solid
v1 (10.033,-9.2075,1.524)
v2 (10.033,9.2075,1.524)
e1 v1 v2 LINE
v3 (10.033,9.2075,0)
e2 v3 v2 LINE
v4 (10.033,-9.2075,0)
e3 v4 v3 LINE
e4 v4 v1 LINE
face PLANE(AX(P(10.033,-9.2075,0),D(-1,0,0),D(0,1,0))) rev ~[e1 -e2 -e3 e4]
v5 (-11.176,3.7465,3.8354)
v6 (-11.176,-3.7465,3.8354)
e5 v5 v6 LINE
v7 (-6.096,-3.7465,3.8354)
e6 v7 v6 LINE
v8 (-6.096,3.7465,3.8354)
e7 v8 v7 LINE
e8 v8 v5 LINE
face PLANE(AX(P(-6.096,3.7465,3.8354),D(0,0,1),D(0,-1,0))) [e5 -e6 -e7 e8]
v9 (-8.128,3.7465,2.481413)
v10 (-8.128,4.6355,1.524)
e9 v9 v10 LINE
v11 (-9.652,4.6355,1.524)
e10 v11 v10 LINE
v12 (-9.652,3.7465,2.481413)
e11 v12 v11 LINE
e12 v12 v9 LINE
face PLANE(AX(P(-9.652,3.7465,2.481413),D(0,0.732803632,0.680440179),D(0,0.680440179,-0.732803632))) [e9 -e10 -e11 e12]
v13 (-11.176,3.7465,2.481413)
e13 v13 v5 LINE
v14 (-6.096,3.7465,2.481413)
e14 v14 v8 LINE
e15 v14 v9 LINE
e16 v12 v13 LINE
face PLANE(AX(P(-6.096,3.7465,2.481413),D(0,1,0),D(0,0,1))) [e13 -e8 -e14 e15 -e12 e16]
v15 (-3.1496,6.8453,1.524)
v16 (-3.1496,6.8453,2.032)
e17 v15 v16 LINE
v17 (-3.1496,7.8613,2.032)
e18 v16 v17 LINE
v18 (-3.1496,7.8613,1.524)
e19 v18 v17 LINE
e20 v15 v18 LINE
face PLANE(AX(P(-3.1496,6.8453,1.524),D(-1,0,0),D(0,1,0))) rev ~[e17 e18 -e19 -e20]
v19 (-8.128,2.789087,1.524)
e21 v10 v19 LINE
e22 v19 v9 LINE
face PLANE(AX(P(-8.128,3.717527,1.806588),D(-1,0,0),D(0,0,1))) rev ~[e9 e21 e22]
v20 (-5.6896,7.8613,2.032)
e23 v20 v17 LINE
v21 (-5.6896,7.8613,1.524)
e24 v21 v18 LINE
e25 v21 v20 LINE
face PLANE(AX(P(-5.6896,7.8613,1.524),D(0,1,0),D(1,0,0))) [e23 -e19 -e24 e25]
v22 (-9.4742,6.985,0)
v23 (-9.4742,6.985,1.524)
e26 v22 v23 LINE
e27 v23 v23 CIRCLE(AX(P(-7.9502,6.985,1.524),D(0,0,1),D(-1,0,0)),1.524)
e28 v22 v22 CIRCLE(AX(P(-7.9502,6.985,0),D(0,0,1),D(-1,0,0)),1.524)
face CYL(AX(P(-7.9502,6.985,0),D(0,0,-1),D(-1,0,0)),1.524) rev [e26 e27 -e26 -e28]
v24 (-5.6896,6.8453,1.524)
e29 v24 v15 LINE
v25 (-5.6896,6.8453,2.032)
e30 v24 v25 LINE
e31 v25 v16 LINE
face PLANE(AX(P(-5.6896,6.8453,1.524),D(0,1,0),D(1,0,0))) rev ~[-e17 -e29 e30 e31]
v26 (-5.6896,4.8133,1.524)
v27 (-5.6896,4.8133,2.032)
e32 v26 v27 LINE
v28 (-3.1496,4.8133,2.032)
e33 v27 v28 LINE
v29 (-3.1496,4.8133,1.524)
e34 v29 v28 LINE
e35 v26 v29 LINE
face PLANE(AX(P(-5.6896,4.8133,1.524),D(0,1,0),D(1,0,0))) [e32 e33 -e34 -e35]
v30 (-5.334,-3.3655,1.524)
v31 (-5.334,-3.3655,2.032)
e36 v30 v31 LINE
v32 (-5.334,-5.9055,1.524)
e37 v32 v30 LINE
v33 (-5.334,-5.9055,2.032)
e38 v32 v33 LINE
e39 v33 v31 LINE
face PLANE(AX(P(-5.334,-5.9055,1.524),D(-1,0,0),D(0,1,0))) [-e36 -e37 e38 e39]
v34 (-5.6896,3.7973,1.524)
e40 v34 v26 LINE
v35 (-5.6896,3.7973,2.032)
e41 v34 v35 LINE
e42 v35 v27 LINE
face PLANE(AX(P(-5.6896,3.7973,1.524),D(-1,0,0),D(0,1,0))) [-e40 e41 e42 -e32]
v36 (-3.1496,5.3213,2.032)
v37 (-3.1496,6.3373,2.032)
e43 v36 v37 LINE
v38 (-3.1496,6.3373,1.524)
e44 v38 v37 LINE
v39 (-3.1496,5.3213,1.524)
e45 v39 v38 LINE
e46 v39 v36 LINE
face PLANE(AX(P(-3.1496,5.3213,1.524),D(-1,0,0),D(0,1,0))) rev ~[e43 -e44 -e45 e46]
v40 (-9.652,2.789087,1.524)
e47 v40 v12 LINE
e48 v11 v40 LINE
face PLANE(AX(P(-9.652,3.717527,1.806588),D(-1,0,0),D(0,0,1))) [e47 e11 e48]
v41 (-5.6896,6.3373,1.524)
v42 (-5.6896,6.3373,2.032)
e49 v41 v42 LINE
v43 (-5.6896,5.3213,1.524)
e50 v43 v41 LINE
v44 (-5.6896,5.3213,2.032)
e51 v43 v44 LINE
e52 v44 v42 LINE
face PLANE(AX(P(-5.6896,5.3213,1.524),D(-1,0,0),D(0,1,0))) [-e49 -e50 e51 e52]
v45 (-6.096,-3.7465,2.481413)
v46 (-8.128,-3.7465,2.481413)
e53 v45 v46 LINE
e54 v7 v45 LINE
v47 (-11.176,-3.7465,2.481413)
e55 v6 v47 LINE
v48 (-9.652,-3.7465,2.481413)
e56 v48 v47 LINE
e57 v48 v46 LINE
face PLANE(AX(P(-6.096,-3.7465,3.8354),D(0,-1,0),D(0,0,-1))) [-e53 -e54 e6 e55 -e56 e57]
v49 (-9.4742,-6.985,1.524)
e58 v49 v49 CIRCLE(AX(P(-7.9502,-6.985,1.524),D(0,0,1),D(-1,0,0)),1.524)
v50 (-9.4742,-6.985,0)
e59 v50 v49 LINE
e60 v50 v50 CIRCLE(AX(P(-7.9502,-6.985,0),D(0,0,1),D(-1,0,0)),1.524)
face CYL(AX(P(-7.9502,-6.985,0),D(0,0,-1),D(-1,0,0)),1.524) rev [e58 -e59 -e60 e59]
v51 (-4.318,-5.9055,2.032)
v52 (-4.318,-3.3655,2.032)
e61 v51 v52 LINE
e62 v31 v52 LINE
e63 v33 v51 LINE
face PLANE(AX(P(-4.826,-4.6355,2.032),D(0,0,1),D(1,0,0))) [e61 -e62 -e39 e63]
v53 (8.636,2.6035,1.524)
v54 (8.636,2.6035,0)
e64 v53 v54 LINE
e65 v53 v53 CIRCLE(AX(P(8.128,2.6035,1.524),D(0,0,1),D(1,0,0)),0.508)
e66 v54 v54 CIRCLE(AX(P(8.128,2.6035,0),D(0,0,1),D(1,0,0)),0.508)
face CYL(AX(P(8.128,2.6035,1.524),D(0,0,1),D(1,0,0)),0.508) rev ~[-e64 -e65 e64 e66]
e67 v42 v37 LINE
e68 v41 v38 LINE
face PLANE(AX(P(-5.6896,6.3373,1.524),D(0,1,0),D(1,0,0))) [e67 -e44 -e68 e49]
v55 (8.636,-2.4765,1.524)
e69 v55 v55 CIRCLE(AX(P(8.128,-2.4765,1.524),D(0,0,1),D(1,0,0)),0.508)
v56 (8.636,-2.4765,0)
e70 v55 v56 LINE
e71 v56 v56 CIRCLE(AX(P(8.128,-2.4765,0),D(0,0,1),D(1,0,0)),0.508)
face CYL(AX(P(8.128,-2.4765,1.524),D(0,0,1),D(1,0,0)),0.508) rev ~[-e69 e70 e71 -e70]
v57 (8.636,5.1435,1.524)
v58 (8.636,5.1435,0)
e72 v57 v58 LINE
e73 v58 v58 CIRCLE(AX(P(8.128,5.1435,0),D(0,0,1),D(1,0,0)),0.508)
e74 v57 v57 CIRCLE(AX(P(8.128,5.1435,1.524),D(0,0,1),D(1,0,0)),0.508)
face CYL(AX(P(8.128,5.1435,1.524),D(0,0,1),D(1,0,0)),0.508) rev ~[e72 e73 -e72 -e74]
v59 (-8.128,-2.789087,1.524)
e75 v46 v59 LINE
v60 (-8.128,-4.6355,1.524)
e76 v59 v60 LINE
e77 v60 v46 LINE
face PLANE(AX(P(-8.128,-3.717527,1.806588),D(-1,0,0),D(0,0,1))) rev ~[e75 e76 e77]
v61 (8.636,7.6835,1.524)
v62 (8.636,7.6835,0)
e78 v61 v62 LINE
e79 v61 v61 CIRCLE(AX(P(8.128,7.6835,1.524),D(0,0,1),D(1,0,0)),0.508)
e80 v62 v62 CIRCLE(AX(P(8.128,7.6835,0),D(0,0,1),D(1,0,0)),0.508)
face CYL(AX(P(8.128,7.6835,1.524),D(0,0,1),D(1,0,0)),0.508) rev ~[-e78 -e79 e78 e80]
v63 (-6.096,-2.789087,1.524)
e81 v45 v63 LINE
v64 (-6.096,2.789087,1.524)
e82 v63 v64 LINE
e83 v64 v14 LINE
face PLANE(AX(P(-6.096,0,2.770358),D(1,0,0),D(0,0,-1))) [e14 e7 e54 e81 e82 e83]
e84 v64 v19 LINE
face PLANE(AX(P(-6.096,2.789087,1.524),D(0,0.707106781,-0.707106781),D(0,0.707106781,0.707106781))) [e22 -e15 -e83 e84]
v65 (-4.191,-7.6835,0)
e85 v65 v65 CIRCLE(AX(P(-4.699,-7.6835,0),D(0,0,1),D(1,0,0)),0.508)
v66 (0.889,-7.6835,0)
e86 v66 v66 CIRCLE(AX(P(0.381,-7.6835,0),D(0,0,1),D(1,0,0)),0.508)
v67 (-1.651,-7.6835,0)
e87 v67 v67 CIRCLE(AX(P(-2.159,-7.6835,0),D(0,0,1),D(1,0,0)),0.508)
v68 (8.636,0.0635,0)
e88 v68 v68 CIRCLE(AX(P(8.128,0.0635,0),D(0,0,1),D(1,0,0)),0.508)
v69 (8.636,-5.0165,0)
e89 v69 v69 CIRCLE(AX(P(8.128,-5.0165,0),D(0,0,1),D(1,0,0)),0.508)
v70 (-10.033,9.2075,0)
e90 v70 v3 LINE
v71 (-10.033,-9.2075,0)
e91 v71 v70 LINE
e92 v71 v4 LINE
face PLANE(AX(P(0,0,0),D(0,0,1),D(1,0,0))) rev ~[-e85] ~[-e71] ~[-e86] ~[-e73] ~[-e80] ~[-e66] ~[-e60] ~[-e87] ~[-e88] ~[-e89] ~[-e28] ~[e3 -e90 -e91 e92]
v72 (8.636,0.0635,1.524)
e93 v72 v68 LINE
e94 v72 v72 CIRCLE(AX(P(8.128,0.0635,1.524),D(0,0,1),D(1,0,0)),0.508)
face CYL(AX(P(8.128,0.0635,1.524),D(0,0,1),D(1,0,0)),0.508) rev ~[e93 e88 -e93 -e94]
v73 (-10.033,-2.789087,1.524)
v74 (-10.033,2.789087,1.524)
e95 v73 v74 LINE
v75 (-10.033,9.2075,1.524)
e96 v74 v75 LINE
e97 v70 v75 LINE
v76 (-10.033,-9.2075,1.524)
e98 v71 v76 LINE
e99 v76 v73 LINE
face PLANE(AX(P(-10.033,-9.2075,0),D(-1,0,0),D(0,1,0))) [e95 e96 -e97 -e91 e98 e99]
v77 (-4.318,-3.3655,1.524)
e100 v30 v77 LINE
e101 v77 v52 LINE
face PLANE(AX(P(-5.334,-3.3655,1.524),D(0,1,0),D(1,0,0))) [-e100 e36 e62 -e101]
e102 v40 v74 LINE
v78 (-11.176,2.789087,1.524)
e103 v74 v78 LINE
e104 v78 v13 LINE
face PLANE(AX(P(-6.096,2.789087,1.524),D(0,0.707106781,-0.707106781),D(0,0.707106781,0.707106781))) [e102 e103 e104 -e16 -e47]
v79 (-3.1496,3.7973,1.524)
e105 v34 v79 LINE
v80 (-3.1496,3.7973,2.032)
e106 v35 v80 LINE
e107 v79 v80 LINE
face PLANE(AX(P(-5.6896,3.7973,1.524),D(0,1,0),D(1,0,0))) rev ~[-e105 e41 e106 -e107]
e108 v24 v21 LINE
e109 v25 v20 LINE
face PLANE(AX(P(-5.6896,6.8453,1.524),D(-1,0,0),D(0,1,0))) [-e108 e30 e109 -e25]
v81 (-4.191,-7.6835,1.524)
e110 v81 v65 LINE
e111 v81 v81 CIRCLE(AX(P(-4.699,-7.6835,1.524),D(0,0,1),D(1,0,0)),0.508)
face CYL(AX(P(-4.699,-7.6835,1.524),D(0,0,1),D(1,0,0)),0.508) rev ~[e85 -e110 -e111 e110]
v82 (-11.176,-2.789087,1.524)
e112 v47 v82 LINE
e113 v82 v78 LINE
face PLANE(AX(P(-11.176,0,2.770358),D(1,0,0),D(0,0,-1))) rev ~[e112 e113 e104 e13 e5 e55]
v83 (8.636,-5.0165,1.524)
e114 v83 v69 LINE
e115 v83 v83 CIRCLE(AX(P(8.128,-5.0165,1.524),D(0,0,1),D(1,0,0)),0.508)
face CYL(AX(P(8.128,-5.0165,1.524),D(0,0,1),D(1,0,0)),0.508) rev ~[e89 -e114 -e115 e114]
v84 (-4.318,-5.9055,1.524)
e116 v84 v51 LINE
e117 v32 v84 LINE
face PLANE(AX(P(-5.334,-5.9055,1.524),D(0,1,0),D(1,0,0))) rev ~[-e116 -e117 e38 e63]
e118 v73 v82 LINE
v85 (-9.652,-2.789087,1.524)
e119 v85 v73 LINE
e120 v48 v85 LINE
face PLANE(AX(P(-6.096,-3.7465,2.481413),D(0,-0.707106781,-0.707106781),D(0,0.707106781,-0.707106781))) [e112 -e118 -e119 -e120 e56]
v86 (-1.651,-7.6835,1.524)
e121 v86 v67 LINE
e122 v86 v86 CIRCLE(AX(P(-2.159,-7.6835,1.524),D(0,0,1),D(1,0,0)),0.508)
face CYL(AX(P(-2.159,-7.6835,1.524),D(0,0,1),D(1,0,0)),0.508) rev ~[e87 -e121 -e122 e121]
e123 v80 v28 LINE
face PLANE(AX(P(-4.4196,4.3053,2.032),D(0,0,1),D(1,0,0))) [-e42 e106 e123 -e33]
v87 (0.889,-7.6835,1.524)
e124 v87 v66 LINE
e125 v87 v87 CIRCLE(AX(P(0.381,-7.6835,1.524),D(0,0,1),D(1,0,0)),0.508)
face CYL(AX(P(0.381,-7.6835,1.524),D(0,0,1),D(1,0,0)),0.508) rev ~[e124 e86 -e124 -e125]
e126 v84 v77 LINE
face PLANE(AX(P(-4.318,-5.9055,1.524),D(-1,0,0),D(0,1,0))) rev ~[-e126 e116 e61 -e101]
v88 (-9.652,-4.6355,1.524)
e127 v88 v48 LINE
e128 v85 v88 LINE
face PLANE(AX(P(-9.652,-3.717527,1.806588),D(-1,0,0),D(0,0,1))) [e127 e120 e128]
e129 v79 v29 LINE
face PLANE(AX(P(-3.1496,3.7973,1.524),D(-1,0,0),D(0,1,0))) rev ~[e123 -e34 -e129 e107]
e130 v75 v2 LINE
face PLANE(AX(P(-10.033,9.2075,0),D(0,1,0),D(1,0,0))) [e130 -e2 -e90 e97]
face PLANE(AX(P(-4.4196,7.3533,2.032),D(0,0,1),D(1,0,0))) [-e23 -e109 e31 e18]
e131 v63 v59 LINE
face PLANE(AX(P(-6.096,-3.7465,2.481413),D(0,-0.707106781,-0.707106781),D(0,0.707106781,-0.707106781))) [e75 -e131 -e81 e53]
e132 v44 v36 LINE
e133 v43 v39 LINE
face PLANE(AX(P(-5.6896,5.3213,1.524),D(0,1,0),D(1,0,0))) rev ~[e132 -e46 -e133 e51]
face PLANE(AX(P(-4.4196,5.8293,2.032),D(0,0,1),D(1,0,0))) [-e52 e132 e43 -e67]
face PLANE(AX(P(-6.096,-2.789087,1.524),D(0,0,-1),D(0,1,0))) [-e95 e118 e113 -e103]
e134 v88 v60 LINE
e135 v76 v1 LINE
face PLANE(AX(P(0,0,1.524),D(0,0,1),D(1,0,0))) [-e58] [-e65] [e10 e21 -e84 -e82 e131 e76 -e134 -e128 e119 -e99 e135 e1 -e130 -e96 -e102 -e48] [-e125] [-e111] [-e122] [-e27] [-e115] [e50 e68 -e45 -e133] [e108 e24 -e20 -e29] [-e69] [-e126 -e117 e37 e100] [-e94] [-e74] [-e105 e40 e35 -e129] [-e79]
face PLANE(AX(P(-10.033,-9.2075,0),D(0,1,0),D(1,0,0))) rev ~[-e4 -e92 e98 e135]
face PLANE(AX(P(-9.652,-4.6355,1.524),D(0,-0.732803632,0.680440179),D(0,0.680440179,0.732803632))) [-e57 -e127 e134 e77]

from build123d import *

# Parameters (mm, degrees)
SKETCH1_W           = 20.066
SKETCH1_H           = 18.415
SKETCH1_R           = 1.524
EXTRUDE1_DEPTH      = 1.524
EXTRUDE2_DEPTH      = 1.143
EXTRUDE2_DEPTH_BACK = 3.937
SKETCH3_R           = 0.508
EXTRUDE3_DEPTH      = 15.663683105
LPATTERN1_COUNT     = 6
LPATTERN1_PITCH     = 2.54
SKETCH4_R           = 0.508
EXTRUDE4_DEPTH      = 15.663683105
LPATTERN2_COUNT     = 3
LPATTERN2_PITCH     = 2.54
SKETCH5_W           = 2.54
SKETCH5_H           = 1.016
SKETCH5_W_2         = 1.016
SKETCH5_H_2         = 2.54
KEEPAWAY_DEPTH      = 0.508
EXTRUDE6_START      = -1.524
EXTRUDE6_DEPTH      = 1.524


with BuildPart() as part:
    # Sketch1 → Extrude1 (new body)
    with BuildSketch(Plane.XY):
        Rectangle(SKETCH1_W, SKETCH1_H)
        with Locations(Location((-7.9502, 6.985, 0), (0, 0, 180))):
            Circle(SKETCH1_R, mode=Mode.SUBTRACT)
        with Locations(Location((-7.9502, -6.985, 0), (0, 0, 180))):
            Circle(SKETCH1_R, mode=Mode.SUBTRACT)
    extrude(amount=EXTRUDE1_DEPTH)

    # Sketch2 → Extrude2 (add, two sides: drawn at the far end of the back side and taken through both)
    with BuildSketch(Plane.ZY.offset(10.033).offset(-EXTRUDE2_DEPTH_BACK)):
        Polygon((3.8354, 3.7465), (3.8354, -3.7465), (2.481413228, -3.7465), (1.524, -2.789086772), (1.524, 2.789086772), (2.481413228, 3.7465), align=None)
    extrude(amount=EXTRUDE2_DEPTH + EXTRUDE2_DEPTH_BACK)

    # Sketch3 → Extrude3 (cut, through all)
    with BuildSketch(Plane.XY.offset(1.524)):
        with Locations((8.128, 7.6835)):
            Circle(SKETCH3_R)
    extrude3 = extrude(amount=-EXTRUDE3_DEPTH, mode=Mode.SUBTRACT)

    # LPattern1: Extrude3 ×6
    with Locations(*[(0, -i * LPATTERN1_PITCH, 0) for i in range(1, LPATTERN1_COUNT)]):
        add(extrude3, mode=Mode.SUBTRACT)

    # Sketch4 → Extrude4 (cut, through all)
    with BuildSketch(Plane.XY.offset(1.524)):
        with Locations((-4.699, -7.6835)):
            Circle(SKETCH4_R)
    extrude4 = extrude(amount=-EXTRUDE4_DEPTH, mode=Mode.SUBTRACT)

    # LPattern2: Extrude4 ×3
    with Locations(*[(i * LPATTERN2_PITCH, 0, 0) for i in range(1, LPATTERN2_COUNT)]):
        add(extrude4, mode=Mode.SUBTRACT)

    # Sketch5 → KeepAway (add)
    with BuildSketch(Plane.XY.offset(1.524)):
        with Locations((-4.4196, 7.3533)):
            Rectangle(SKETCH5_W, SKETCH5_H)
        with Locations((-4.4196, 5.8293)):
            Rectangle(SKETCH5_W, SKETCH5_H)
        with Locations((-4.4196, 4.3053)):
            Rectangle(SKETCH5_W, SKETCH5_H)
        with Locations((-4.826, -4.6355)):
            Rectangle(SKETCH5_W_2, SKETCH5_H_2)
    extrude(amount=KEEPAWAY_DEPTH)

    # Sketch6 → Extrude6 (add)
    with BuildSketch(Plane.ZY.offset(11.176).offset(EXTRUDE6_START)):
        Polygon((1.524, 4.6355), (1.524, 2.789086772), (2.481413228, 3.7465), align=None)
        Polygon((1.524, -2.789086772), (1.524, -4.6355), (2.481413228, -3.7465), align=None)
    extrude(amount=-EXTRUDE6_DEPTH)


solid = part.part
